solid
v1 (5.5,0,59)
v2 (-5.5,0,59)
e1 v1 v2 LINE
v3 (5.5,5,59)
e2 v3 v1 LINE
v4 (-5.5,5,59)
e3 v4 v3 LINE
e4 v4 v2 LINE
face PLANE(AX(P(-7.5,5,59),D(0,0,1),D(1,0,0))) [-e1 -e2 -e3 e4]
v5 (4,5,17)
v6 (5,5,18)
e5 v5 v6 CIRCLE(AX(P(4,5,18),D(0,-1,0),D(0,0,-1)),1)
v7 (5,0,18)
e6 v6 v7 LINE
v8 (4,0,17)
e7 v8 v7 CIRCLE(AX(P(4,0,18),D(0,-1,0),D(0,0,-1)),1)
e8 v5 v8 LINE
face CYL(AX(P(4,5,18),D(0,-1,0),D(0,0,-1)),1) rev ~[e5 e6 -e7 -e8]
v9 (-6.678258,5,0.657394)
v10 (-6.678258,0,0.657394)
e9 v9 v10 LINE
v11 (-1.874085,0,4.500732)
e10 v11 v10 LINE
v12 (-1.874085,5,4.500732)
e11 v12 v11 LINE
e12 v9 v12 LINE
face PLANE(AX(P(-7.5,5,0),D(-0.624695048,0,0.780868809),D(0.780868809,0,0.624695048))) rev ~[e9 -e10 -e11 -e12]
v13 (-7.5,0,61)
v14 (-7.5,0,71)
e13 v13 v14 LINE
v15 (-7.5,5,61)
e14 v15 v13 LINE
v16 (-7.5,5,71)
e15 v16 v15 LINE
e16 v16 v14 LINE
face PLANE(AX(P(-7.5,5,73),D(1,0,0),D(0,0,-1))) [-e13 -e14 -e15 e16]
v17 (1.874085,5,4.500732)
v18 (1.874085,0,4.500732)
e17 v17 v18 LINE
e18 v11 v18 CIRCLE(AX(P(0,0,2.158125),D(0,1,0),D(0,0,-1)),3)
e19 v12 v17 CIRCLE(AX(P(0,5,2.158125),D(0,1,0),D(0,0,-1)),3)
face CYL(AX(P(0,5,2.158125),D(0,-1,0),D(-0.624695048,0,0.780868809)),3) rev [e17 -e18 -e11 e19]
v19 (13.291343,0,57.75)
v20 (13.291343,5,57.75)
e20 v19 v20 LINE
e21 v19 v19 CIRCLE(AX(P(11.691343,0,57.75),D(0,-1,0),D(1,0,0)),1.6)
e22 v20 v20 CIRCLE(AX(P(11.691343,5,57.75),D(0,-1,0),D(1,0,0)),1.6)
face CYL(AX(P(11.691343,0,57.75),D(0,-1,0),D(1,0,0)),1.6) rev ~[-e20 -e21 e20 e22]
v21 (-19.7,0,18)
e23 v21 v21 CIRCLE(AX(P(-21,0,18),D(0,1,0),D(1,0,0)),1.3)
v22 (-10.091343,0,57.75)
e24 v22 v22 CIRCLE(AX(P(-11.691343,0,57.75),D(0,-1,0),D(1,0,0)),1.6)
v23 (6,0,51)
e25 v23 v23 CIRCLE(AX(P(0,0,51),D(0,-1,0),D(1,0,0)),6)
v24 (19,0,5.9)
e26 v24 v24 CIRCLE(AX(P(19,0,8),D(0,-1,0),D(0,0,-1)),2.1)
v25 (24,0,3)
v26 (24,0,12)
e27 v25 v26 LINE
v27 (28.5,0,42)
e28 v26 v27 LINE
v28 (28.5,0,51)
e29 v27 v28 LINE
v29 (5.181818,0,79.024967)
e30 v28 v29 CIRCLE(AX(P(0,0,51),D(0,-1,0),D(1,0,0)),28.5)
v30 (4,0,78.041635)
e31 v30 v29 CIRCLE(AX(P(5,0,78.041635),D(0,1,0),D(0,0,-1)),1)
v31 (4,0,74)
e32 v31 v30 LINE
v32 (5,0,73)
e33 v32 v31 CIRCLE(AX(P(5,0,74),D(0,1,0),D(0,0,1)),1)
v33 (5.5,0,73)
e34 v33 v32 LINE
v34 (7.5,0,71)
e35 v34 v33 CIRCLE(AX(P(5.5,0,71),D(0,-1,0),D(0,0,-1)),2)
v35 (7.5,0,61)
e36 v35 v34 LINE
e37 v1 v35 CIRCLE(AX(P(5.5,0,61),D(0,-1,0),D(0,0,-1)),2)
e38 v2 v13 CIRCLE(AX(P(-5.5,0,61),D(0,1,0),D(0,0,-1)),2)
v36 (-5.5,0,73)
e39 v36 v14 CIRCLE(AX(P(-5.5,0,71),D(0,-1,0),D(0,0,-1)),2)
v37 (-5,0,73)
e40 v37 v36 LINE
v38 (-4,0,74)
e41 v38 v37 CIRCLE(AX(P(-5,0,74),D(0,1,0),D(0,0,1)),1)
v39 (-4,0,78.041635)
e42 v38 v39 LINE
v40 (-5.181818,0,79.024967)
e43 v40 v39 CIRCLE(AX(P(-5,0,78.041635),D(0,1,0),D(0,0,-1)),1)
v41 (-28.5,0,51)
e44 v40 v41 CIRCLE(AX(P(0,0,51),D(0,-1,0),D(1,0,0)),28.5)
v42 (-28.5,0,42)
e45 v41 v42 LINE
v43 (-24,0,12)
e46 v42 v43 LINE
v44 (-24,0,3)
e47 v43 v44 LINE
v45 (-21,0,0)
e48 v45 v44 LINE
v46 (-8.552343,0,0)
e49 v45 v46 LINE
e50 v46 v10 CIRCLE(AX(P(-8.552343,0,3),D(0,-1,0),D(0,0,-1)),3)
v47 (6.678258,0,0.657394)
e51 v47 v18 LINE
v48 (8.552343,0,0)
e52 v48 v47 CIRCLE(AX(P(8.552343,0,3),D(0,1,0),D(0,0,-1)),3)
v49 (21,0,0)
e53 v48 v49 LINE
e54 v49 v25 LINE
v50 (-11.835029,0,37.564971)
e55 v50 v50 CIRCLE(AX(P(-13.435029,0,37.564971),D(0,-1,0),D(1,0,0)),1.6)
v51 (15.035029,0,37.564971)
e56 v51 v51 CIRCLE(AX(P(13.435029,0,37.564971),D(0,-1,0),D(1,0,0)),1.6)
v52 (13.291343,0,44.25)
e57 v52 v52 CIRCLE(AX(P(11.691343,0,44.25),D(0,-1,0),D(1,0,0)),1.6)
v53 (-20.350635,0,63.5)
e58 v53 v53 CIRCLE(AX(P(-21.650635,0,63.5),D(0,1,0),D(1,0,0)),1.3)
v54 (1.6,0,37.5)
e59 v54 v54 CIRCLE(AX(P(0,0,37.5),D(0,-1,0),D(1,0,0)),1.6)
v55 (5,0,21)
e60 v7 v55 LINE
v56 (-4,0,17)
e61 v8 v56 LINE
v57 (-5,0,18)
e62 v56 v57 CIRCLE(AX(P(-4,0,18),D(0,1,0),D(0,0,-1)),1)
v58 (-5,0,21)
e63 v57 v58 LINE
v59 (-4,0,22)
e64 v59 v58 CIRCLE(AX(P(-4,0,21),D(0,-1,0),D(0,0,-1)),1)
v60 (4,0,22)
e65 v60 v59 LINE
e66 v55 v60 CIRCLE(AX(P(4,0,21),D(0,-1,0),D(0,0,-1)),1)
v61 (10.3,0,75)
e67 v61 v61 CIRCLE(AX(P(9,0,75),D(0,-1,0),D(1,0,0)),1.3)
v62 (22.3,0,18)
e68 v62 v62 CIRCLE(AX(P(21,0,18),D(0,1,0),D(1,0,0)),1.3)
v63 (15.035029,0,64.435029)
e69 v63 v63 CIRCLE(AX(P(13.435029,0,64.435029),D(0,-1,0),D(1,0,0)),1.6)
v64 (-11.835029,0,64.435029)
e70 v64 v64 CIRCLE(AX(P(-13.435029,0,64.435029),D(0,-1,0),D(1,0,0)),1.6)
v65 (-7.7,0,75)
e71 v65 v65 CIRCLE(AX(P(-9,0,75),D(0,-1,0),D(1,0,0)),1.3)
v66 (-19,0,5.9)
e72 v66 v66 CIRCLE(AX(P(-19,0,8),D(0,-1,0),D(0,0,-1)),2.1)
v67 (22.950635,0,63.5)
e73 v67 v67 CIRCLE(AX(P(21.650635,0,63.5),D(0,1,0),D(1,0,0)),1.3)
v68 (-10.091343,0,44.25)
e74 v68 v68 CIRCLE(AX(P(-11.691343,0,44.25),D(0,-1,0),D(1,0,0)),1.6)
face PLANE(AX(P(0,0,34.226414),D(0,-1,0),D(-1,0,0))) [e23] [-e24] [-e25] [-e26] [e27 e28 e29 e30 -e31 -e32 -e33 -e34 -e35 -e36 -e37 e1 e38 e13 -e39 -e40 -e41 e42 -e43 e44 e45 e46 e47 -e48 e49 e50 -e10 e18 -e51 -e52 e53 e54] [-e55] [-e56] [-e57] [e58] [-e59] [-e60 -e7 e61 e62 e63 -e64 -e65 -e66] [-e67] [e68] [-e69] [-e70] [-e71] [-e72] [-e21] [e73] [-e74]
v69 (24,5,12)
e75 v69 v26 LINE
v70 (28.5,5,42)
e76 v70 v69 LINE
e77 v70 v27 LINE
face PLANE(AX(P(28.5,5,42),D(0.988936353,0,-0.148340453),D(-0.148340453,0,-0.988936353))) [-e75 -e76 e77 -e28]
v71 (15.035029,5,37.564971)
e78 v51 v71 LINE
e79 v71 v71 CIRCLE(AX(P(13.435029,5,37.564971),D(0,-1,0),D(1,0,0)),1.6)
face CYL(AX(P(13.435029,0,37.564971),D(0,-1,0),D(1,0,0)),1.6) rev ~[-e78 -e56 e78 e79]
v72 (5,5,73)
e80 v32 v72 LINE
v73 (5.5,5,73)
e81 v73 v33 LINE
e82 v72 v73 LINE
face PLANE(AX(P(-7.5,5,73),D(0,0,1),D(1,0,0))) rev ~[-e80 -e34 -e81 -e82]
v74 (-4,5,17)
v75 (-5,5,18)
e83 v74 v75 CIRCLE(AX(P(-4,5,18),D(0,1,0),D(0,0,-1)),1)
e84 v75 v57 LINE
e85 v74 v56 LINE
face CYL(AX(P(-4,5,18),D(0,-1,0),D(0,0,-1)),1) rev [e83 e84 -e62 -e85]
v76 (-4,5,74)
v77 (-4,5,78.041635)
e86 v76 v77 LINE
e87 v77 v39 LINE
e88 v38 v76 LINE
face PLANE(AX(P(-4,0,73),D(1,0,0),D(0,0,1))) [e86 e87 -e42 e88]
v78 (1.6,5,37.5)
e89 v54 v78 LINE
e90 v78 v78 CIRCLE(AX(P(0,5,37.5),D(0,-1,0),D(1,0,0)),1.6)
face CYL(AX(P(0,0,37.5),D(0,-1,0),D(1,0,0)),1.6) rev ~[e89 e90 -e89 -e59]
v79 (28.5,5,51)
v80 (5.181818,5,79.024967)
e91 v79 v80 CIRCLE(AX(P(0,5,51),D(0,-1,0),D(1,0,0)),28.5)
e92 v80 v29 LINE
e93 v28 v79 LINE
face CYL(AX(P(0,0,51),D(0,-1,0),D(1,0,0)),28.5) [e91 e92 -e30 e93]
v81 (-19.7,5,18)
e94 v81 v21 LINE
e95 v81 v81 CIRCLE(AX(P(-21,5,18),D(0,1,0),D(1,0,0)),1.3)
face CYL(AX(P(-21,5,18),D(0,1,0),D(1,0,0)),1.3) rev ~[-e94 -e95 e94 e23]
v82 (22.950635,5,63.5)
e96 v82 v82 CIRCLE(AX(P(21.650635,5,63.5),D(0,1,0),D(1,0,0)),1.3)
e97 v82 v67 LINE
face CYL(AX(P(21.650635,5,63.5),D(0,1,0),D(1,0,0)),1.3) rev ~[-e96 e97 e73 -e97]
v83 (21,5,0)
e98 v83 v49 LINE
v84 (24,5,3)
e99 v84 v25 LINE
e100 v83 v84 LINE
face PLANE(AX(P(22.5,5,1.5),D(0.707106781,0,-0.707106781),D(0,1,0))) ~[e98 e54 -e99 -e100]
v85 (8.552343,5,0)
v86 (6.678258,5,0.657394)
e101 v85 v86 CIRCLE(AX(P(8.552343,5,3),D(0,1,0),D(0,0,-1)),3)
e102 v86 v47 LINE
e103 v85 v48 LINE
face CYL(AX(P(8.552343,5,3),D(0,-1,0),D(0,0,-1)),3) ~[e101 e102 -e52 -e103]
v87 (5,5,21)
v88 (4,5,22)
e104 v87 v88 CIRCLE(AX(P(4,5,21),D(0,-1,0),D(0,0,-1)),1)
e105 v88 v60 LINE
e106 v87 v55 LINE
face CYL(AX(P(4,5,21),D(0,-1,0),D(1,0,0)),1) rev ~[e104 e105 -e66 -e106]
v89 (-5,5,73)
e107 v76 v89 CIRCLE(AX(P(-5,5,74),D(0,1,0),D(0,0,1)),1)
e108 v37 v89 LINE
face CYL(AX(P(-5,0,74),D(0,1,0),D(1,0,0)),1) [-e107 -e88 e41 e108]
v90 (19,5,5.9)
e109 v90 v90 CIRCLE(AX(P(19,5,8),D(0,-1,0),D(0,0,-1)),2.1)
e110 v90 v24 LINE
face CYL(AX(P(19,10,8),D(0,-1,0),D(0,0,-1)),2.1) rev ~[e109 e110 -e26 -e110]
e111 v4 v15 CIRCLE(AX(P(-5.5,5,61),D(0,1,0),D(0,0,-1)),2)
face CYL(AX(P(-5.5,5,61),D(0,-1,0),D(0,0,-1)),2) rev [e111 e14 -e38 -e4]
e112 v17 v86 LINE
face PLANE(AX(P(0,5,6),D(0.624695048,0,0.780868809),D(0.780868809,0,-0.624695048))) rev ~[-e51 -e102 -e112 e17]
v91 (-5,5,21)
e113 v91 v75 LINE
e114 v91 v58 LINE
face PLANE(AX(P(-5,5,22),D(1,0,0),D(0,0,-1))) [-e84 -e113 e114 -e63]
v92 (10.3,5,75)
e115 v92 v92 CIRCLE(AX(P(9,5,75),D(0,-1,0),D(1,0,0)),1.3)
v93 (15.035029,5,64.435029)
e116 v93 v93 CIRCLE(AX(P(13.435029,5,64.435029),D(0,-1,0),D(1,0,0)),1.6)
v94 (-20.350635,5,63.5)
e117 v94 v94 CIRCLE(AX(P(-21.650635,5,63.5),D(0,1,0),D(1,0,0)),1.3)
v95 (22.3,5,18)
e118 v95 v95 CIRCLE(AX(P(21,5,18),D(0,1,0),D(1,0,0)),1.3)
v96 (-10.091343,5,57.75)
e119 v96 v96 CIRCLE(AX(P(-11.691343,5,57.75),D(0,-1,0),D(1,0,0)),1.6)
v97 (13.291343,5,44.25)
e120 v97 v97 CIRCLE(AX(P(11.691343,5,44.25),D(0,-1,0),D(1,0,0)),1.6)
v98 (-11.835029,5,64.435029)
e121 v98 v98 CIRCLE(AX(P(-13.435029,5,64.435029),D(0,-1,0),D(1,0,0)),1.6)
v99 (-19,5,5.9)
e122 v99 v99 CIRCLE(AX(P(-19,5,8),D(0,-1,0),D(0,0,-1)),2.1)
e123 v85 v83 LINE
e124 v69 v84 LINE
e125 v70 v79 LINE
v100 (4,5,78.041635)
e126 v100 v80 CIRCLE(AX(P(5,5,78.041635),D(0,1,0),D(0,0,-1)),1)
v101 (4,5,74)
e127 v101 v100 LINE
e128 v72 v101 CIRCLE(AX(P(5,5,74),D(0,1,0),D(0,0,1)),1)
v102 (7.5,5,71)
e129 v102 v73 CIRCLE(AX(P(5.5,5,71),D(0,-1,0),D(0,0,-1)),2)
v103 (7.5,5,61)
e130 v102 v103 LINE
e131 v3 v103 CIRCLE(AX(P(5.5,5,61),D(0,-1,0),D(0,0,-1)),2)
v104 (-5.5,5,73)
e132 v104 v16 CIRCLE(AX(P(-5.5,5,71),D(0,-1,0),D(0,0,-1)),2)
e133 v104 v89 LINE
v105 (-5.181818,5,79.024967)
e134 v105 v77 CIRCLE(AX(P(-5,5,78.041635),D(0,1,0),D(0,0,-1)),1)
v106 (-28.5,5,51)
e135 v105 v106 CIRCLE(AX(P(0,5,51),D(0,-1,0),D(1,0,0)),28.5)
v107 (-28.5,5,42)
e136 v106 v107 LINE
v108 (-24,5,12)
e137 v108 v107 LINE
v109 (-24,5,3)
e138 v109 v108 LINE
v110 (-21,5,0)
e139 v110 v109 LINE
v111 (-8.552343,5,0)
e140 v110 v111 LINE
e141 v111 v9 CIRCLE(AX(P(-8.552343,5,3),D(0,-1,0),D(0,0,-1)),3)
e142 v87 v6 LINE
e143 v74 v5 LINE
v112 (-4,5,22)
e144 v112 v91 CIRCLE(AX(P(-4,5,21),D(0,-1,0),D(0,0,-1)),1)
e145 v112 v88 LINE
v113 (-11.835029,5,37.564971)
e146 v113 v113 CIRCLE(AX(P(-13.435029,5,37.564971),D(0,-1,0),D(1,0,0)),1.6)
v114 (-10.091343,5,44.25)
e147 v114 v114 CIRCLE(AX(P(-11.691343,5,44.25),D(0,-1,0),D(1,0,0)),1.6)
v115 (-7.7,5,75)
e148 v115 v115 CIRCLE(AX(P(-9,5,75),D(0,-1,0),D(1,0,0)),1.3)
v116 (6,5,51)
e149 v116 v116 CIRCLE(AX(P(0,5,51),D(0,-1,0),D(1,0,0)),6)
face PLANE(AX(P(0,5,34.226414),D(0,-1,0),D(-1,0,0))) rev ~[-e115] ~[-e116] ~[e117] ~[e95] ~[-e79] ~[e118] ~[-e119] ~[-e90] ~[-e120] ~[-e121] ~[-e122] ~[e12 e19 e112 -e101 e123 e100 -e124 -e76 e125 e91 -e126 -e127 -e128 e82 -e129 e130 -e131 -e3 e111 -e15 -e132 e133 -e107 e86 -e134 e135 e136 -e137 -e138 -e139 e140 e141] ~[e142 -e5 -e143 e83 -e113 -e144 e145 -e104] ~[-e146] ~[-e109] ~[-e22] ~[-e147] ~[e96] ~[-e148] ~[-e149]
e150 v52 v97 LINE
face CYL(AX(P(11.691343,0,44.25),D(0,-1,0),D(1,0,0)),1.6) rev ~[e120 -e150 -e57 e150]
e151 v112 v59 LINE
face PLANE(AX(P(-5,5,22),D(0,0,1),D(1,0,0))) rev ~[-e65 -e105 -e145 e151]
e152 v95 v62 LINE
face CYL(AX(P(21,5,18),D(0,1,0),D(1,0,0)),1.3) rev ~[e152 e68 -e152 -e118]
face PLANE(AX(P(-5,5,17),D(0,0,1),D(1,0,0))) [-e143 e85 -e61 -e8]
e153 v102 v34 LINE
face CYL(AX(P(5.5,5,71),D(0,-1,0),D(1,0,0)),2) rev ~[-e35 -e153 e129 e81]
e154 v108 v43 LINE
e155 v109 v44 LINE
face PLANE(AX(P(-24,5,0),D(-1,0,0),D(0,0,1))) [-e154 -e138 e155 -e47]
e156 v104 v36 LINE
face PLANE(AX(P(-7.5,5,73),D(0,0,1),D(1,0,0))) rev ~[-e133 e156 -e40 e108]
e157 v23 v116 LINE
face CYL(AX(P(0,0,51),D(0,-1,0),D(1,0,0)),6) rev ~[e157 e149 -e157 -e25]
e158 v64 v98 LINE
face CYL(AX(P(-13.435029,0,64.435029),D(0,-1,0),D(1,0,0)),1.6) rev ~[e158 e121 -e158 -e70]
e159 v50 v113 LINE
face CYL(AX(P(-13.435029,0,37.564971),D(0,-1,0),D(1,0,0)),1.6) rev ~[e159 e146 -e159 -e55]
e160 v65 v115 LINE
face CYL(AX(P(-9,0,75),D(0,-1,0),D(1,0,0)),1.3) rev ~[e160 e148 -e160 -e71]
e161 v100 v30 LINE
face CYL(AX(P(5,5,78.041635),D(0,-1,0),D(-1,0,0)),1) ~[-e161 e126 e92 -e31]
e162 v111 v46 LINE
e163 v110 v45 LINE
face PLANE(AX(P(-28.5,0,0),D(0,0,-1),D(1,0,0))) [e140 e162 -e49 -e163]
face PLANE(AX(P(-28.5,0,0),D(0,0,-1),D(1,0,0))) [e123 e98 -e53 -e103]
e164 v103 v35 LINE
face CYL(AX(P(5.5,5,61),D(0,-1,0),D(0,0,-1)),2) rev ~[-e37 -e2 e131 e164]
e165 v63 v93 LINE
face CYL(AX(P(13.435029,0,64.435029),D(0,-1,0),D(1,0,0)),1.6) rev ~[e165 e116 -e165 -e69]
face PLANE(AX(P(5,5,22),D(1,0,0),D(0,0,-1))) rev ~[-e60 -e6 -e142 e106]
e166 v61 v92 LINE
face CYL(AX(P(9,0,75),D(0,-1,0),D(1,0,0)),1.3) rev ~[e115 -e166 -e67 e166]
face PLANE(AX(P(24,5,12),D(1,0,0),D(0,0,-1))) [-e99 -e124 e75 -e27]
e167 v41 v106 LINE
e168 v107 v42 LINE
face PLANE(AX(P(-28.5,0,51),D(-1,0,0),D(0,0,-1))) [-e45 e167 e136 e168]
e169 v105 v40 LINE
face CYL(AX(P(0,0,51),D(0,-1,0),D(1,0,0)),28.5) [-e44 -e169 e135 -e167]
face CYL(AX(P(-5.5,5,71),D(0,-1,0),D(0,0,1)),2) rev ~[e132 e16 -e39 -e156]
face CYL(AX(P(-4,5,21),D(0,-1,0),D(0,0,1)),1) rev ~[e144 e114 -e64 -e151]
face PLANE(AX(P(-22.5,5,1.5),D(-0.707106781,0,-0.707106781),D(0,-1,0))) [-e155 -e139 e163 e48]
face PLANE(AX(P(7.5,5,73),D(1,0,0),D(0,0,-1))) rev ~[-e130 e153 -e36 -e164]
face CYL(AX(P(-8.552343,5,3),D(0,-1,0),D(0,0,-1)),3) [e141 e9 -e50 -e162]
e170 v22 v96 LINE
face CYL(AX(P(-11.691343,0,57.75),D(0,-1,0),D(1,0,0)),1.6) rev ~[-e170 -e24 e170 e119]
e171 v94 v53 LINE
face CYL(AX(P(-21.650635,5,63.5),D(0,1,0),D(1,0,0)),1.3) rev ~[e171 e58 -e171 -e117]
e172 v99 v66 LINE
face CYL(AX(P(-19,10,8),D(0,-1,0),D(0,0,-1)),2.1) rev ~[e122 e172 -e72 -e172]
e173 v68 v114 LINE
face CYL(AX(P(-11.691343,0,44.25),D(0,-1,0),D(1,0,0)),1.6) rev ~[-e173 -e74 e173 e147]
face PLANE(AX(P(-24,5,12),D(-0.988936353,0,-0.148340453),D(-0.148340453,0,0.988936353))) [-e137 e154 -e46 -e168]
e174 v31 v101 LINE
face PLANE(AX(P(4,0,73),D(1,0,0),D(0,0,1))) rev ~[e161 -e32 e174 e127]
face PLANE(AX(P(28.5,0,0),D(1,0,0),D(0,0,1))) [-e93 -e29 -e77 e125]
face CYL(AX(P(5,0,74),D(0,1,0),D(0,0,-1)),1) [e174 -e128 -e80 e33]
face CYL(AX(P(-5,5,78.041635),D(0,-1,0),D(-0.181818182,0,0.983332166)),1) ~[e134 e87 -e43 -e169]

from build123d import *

# Parameters (mm, degrees)
EXTRUDE_1_DEPTH        = 5
HOLE_WIZARD_M5_1_D     = 4.2
HOLE_WIZARD_M5_1_DEPTH = 5
SKETCH_4_R             = 1.6
CUT_EXTRUDE_1_DEPTH    = 10
SKETCH_5_R             = 1.6
CUT_EXTRUDE_2_DEPTH    = 10
SKETCH_6_R             = 6
CUT_EXTRUDE_3_DEPTH    = 10
CHAMFER_1_SIZE         = 2
CUT_EXTRUDE_4_DEPTH    = 6
CHAMFER_2_SIZE         = 3
SKETCH_8_R             = 1.3
CUT_EXTRUDE_5_DEPTH    = 6
SKETCH_9_R             = 1.3
CUT_EXTRUDE_6_DEPTH    = 6
CUT_EXTRUDE_8_DEPTH    = 10
FILLET_1_R             = 3
SKETCH_12_W            = 15
SKETCH_12_H            = 14
CUT_EXTRUDE_9_DEPTH    = 10
FILLET_2_R             = 2
SKETCH_13_W            = 8
SKETCH_13_H            = 6.5
CUT_EXTRUDE_10_DEPTH   = 10
FILLET_3_R             = 1
SKETCH_14_R            = 1.3
CUT_EXTRUDE_11_DEPTH   = 10
SKETCH_15_W            = 10
SKETCH_15_H            = 5
CUT_EXTRUDE_12_DEPTH   = 10
FILLET_4_R             = 1


with BuildPart() as part:
    # 草图1 → 凸台-拉伸1 (new body)
    with BuildSketch(Plane(origin=(0, 0, 0), x_dir=(1, 0, 0), z_dir=(0, 1, 0))):
        with BuildLine():
            Line((-28.5, 0), (28.5, 0))
            Line((28.5, 0), (28.5, -51))
            ThreePointArc((28.5, -51), (0, -79.5), (-28.5, -51))
            Line((-28.5, -51), (-28.5, 0))
        make_face()
    extrude(amount=EXTRUDE_1_DEPTH)

    # M5 螺纹孔1
    with Locations(Plane(origin=(19, 5, 8), x_dir=(0, 0, 1), z_dir=(0, 1, 0))):
        with Locations((0, 0), (0, -38)):
            Hole(HOLE_WIZARD_M5_1_D / 2, depth=HOLE_WIZARD_M5_1_DEPTH)

    # 草图4 → 切除-拉伸1 (cut)
    with BuildSketch(Plane.XZ):
        with Locations((-13.435028843, 64.435028843)):
            Circle(SKETCH_4_R)
        with Locations((13.435028843, 64.435028843)):
            Circle(SKETCH_4_R)
        with Locations((13.435028843, 37.564971157)):
            Circle(SKETCH_4_R)
        with Locations((-13.435028843, 37.564971157)):
            Circle(SKETCH_4_R)
    extrude(amount=-CUT_EXTRUDE_1_DEPTH, mode=Mode.SUBTRACT)

    # 草图5 → 切除-拉伸2 (cut)
    with BuildSketch(Plane.XZ):
        with Locations((0, 64.5)):
            Circle(SKETCH_5_R)
        with Locations((11.691342951, 57.75)):
            Circle(SKETCH_5_R)
        with Locations((11.691342951, 44.25)):
            Circle(SKETCH_5_R)
        with Locations((0, 37.5)):
            Circle(SKETCH_5_R)
        with Locations((-11.691342951, 44.25)):
            Circle(SKETCH_5_R)
        with Locations((-11.691342951, 57.75)):
            Circle(SKETCH_5_R)
    extrude(amount=-CUT_EXTRUDE_2_DEPTH, mode=Mode.SUBTRACT)

    # 草图6 → 切除-拉伸3 (cut)
    with BuildSketch(Plane.XZ):
        with Locations((0, 51)):
            Circle(SKETCH_6_R)
    extrude(amount=-CUT_EXTRUDE_3_DEPTH, mode=Mode.SUBTRACT)

    # 倒角1
    chamfer_1_edges = [part.edges().sort_by_distance(p)[0] for p in [
        (-28.5, 2.5, 0),
        (28.5, 2.5, 0),
    ]]
    chamfer(chamfer_1_edges, length=CHAMFER_1_SIZE)

    # 草图7 → 切除-拉伸4 (cut, through all)
    with BuildSketch(Plane(origin=(0, 5, 0), x_dir=(1, 0, 0), z_dir=(0, 1, 0))):
        Polygon((-24, 0), (-24, -12), (-28.5, -42), (-28.5, -2), (-26.5, 0), align=None)
        Polygon((28.5, -2), (28.5, -42), (24, -12), (24, 0), (26.5, 0), align=None)
    extrude(amount=-CUT_EXTRUDE_4_DEPTH, mode=Mode.SUBTRACT)

    # 倒角2
    chamfer_2_edges = [part.edges().sort_by_distance(p)[0] for p in [
        (-24, 2.5, 0),
        (24, 2.5, 0),
    ]]
    chamfer(chamfer_2_edges, length=CHAMFER_2_SIZE)

    # 草图8 → 切除-拉伸5 (cut, through all)
    with BuildSketch(Plane(origin=(0, 5, 0), x_dir=(1, 0, 0), z_dir=(0, 1, 0))):
        with Locations((-21.650635095, -63.5)):
            Circle(SKETCH_8_R)
        with Locations((21.650635095, -63.5)):
            Circle(SKETCH_8_R)
    extrude(amount=-CUT_EXTRUDE_5_DEPTH, mode=Mode.SUBTRACT)

    # 草图9 → 切除-拉伸6 (cut, through all)
    with BuildSketch(Plane(origin=(0, 5, 0), x_dir=(1, 0, 0), z_dir=(0, 1, 0))):
        with Locations((-21, -18)):
            Circle(SKETCH_9_R)
        with Locations((21, -18)):
            Circle(SKETCH_9_R)
    extrude(amount=-CUT_EXTRUDE_6_DEPTH, mode=Mode.SUBTRACT)

    # 草图11 → 切除-拉伸8 (cut)
    with BuildSketch(Plane(origin=(0, 5, 0), x_dir=(1, 0, 0), z_dir=(0, 1, 0))):
        Polygon((-7.5, 0), (0, -6), (7.5, 0), align=None)
    extrude(amount=-CUT_EXTRUDE_8_DEPTH, mode=Mode.SUBTRACT)

    # 圆角1
    fillet_1_edges = [part.edges().sort_by_distance(p)[0] for p in [
        (-7.5, 2.5, 0),
        (7.5, 2.5, 0),
        (0, 2.5, 6),
    ]]
    fillet(fillet_1_edges, radius=FILLET_1_R)

    # 草图12 → 切除-拉伸9 (cut)
    with BuildSketch(Plane(origin=(0, 5, 0), x_dir=(1, 0, 0), z_dir=(0, 1, 0))):
        with Locations((0, -66)):
            Rectangle(SKETCH_12_W, SKETCH_12_H)
    extrude(amount=-CUT_EXTRUDE_9_DEPTH, mode=Mode.SUBTRACT)

    # 圆角2
    fillet_2_edges = [part.edges().sort_by_distance(p)[0] for p in [
        (-7.5, 2.5, 73),
        (-7.5, 2.5, 59),
        (7.5, 2.5, 59),
        (7.5, 2.5, 73),
    ]]
    fillet(fillet_2_edges, radius=FILLET_2_R)

    # 草图13 → 切除-拉伸10 (cut)
    with BuildSketch(Plane.XZ):
        with Locations((0, 76.25)):
            Rectangle(SKETCH_13_W, SKETCH_13_H)
    extrude(amount=-CUT_EXTRUDE_10_DEPTH, mode=Mode.SUBTRACT)

    # 圆角3
    fillet_3_edges = [part.edges().sort_by_distance(p)[0] for p in [
        (4, 2.5, 73),
        (-4, 2.5, 73),
        (-4, 2.5, 79.217902119),
        (4, 2.5, 79.217902119),
    ]]
    fillet(fillet_3_edges, radius=FILLET_3_R)

    # 草图14 → 切除-拉伸11 (cut)
    with BuildSketch(Plane.XZ):
        with Locations((-9, 75)):
            Circle(SKETCH_14_R)
        with Locations((9, 75)):
            Circle(SKETCH_14_R)
    extrude(amount=-CUT_EXTRUDE_11_DEPTH, mode=Mode.SUBTRACT)

    # 草图15 → 切除-拉伸12 (cut)
    with BuildSketch(Plane(origin=(0, 5, 0), x_dir=(1, 0, 0), z_dir=(0, 1, 0))):
        with Locations((0, -19.5)):
            Rectangle(SKETCH_15_W, SKETCH_15_H)
    extrude(amount=-CUT_EXTRUDE_12_DEPTH, mode=Mode.SUBTRACT)

    # 圆角4
    fillet_4_edges = [part.edges().sort_by_distance(p)[0] for p in [
        (-5, 2.5, 22),
        (-5, 2.5, 17),
        (5, 2.5, 17),
        (5, 2.5, 22),
    ]]
    fillet(fillet_4_edges, radius=FILLET_4_R)


solid = part.part
